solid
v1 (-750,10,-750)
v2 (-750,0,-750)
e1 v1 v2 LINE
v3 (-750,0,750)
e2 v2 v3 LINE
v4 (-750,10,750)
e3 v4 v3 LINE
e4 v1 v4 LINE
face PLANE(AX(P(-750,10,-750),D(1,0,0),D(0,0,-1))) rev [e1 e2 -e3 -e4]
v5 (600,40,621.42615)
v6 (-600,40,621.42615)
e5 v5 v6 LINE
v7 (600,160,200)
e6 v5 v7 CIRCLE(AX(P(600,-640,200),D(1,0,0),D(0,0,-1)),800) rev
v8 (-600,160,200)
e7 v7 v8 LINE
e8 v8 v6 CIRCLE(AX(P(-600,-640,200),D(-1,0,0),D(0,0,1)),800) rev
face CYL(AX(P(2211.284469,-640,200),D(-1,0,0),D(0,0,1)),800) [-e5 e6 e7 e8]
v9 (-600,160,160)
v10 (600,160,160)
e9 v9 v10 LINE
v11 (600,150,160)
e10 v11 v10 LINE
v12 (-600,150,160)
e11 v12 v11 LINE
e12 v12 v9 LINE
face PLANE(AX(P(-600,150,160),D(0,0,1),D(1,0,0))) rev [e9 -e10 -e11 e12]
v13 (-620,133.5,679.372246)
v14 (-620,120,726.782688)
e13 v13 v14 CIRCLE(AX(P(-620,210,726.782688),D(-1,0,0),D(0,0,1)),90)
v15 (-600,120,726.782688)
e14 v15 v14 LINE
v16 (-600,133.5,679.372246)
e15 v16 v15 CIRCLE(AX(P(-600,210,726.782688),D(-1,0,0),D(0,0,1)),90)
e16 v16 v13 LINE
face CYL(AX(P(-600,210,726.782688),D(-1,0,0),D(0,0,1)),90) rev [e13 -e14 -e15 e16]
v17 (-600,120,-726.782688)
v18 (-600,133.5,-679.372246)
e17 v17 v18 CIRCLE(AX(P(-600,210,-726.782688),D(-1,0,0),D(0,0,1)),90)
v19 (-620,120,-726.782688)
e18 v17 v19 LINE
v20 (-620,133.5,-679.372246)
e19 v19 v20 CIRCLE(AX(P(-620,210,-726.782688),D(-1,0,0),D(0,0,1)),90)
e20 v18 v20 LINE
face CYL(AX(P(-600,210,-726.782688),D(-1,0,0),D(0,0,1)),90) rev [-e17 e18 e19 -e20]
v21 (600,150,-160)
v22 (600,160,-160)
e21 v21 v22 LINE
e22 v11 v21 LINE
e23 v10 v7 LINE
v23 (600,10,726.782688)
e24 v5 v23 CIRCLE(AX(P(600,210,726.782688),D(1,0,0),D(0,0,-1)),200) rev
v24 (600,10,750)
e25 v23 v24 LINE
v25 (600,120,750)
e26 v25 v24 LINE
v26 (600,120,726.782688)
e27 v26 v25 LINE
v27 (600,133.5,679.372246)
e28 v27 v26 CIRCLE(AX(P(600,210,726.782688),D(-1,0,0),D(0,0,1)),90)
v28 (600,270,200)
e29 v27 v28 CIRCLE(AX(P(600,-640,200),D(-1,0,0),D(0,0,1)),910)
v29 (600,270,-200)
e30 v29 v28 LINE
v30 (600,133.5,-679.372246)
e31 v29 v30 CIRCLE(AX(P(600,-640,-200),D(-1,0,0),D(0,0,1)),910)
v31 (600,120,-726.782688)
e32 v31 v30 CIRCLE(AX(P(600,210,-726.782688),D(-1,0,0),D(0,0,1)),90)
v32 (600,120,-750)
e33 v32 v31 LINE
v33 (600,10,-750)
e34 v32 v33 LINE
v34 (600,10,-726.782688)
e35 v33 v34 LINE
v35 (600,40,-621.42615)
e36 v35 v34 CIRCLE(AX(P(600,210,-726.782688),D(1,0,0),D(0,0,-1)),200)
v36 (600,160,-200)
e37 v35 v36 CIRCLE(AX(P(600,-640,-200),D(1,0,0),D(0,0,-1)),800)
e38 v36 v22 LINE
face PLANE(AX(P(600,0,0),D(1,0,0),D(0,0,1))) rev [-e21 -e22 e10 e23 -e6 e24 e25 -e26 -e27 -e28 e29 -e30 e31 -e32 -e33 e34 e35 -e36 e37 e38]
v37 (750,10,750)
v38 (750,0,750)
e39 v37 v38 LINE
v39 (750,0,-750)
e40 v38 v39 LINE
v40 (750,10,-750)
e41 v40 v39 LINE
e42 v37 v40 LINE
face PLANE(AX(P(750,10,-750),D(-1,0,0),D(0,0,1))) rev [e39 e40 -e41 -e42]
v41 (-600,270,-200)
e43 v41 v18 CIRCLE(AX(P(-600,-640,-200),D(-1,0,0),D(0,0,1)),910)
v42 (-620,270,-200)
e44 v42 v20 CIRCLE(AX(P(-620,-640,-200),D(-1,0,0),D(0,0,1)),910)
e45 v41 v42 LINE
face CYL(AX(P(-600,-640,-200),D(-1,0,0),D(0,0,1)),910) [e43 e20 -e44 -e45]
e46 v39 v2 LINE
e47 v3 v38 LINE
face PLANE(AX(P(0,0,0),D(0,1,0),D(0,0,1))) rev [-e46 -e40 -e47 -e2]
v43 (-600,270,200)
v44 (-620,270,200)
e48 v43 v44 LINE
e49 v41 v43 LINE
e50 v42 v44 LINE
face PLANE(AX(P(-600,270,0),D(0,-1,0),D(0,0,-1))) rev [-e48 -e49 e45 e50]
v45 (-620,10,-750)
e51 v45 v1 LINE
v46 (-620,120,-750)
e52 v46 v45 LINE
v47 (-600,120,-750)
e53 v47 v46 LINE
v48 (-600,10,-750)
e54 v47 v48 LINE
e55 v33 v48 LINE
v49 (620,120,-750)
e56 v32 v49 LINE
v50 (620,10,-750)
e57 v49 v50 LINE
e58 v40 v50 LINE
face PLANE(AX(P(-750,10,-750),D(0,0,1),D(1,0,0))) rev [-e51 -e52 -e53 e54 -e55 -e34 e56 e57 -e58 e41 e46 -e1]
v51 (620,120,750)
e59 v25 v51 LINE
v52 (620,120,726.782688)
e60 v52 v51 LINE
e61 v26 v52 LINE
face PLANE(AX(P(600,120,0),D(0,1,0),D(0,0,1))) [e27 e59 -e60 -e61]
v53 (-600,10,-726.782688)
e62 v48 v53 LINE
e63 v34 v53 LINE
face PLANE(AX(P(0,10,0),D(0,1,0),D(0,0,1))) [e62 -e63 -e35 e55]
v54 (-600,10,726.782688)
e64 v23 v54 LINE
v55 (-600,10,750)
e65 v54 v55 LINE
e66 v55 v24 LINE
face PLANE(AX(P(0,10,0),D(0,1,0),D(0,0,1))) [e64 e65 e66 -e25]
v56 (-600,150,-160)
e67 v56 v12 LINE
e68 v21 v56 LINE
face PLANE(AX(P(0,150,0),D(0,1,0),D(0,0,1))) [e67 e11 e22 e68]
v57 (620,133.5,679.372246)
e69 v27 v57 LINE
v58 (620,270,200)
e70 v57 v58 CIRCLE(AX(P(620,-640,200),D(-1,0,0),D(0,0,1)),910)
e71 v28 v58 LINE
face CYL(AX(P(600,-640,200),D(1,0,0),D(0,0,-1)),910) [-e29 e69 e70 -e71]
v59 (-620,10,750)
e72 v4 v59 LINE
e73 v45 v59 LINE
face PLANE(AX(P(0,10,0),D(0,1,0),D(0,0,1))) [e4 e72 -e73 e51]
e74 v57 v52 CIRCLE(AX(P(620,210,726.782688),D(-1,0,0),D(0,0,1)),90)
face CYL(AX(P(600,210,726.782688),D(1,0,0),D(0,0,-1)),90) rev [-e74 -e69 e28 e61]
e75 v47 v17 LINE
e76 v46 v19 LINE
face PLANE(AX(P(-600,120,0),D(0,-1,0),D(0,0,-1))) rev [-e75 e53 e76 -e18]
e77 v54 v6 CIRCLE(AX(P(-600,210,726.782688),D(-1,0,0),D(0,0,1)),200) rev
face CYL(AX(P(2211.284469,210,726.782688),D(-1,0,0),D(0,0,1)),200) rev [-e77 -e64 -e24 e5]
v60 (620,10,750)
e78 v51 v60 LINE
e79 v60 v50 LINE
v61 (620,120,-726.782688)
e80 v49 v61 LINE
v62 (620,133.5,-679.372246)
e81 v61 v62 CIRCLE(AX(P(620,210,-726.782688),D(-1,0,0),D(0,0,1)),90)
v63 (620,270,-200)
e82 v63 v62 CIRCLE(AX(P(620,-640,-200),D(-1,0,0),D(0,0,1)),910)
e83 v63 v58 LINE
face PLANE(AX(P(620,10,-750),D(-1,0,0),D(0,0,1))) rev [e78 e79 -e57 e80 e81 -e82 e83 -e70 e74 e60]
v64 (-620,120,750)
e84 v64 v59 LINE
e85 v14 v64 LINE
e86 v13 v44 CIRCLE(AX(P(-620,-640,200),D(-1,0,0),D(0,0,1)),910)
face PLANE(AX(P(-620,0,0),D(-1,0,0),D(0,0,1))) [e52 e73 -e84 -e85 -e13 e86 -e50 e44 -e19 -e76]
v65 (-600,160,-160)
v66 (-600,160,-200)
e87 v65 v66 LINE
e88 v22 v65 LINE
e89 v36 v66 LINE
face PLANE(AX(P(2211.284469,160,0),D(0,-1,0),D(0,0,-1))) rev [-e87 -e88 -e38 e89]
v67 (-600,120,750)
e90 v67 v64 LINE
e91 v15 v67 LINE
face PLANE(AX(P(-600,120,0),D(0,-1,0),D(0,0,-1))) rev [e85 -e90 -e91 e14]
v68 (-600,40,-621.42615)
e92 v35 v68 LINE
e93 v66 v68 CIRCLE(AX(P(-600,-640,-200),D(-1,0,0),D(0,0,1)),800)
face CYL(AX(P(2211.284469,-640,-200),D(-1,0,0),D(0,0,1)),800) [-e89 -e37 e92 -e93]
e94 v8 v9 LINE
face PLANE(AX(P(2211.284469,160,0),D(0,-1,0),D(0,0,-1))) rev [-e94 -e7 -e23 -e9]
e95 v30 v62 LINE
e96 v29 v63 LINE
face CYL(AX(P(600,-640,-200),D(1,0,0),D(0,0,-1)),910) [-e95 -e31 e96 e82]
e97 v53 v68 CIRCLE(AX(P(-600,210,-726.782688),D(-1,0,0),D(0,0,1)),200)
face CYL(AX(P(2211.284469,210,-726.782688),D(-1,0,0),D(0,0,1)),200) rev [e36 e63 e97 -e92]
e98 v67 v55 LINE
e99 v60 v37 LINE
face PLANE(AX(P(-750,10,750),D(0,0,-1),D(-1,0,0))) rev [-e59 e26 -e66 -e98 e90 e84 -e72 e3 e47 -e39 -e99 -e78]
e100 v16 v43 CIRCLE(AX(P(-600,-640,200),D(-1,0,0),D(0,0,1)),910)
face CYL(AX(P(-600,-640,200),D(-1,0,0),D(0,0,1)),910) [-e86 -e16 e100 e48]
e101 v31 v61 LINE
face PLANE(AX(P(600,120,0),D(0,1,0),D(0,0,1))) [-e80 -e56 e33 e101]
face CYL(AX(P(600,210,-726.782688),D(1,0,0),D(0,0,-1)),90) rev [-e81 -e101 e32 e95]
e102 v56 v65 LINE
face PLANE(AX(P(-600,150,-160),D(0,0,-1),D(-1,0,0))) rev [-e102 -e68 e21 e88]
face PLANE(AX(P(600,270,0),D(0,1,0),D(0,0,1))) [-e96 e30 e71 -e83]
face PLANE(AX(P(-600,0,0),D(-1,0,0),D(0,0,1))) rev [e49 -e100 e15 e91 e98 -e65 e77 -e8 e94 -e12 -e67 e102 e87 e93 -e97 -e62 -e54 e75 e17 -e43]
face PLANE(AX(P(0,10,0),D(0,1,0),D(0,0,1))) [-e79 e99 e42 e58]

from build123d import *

# Parameters (mm, degrees)
SKETCH2_W           = 1500
SKETCH2_H           = 1500
BOSS_EXTRUDE1_DEPTH = 10
BOSS_EXTRUDE3_DEPTH = 1240
BOSS_EXTRUDE4_DEPTH = 20
SKETCH6_W           = 1200
SKETCH6_H           = 320
CUT_EXTRUDE1_DEPTH  = 10


with BuildPart() as part:
    # Sketch2 → Boss-Extrude1 (new body)
    with BuildSketch(Plane(origin=(0, 0, 0), x_dir=(1, 0, 0), z_dir=(0, 1, 0))):
        Rectangle(SKETCH2_W, SKETCH2_H)
    extrude(amount=BOSS_EXTRUDE1_DEPTH)

    # Sketch4 → Boss-Extrude3 (add)
    with BuildSketch(Plane.ZY.offset(620)):
        with BuildLine():
            ThreePointArc((-621.426146358, 40.000002328), (-672.010429767, 17.646159988), (-726.782687643, 10))
            Line((-726.782687643, 10), (726.782687643, 10))
            ThreePointArc((726.782687643, 10), (672.010424989, 17.646161349), (621.426137912, 40.000007562))
            ThreePointArc((621.426137912, 40.000007562), (419.089016099, 129.415364432), (200, 160))
            Line((200, 160), (-200, 160))
            ThreePointArc((-200, 160), (-419.089020877, 129.415363072), (-621.426146358, 40.000002328))
        make_face()
    extrude(amount=-BOSS_EXTRUDE3_DEPTH)

    # Sketch5 → Boss-Extrude4 (add)
    with BuildSketch(Plane.ZY.offset(620)):
        with BuildLine():
            Line((-750, 120), (-750, 10))
            Line((-750, 10), (-726.782687643, 10))
            ThreePointArc((-726.782687643, 10), (-672.010429767, 17.646159988), (-621.426146358, 40.000002328))
            ThreePointArc((-621.426146358, 40.000002328), (-419.089020877, 129.415363072), (-200, 160))
            Line((-200, 160), (200, 160))
            ThreePointArc((200, 160), (419.089016099, 129.415364432), (621.426137912, 40.000007562))
            ThreePointArc((621.426137912, 40.000007562), (672.010424989, 17.646161349), (726.782687643, 10))
            Line((726.782687643, 10), (750, 10))
            Line((750, 10), (750, 120))
            Line((750, 120), (726.782687643, 120))
            ThreePointArc((726.782687643, 120), (702.135172555, 123.440771722), (679.372245755, 133.5))
            ThreePointArc((679.372245755, 133.5), (449.213763665, 235.209974806), (200, 270))
            Line((200, 270), (-200, 270))
            ThreePointArc((-200, 270), (-449.213763665, 235.209974806), (-679.372245755, 133.5))
            ThreePointArc((-679.372245755, 133.5), (-702.135172555, 123.440771722), (-726.782687643, 120))
            Line((-726.782687643, 120), (-750, 120))
        make_face()
    boss_extrude4 = extrude(amount=-BOSS_EXTRUDE4_DEPTH)

    # Mirror1: Boss-Extrude4 across plane
    add(boss_extrude4.mirror(Plane(origin=(0, 0, 0), x_dir=(0, 0, 1), z_dir=(1, 0, 0))))

    # Sketch6 → Cut-Extrude1 (cut)
    with BuildSketch(Plane(origin=(0, 160, 0), x_dir=(1, 0, 0), z_dir=(0, 1, 0))):
        Rectangle(SKETCH6_W, SKETCH6_H)
    extrude(amount=-CUT_EXTRUDE1_DEPTH, mode=Mode.SUBTRACT)


solid = part.part
